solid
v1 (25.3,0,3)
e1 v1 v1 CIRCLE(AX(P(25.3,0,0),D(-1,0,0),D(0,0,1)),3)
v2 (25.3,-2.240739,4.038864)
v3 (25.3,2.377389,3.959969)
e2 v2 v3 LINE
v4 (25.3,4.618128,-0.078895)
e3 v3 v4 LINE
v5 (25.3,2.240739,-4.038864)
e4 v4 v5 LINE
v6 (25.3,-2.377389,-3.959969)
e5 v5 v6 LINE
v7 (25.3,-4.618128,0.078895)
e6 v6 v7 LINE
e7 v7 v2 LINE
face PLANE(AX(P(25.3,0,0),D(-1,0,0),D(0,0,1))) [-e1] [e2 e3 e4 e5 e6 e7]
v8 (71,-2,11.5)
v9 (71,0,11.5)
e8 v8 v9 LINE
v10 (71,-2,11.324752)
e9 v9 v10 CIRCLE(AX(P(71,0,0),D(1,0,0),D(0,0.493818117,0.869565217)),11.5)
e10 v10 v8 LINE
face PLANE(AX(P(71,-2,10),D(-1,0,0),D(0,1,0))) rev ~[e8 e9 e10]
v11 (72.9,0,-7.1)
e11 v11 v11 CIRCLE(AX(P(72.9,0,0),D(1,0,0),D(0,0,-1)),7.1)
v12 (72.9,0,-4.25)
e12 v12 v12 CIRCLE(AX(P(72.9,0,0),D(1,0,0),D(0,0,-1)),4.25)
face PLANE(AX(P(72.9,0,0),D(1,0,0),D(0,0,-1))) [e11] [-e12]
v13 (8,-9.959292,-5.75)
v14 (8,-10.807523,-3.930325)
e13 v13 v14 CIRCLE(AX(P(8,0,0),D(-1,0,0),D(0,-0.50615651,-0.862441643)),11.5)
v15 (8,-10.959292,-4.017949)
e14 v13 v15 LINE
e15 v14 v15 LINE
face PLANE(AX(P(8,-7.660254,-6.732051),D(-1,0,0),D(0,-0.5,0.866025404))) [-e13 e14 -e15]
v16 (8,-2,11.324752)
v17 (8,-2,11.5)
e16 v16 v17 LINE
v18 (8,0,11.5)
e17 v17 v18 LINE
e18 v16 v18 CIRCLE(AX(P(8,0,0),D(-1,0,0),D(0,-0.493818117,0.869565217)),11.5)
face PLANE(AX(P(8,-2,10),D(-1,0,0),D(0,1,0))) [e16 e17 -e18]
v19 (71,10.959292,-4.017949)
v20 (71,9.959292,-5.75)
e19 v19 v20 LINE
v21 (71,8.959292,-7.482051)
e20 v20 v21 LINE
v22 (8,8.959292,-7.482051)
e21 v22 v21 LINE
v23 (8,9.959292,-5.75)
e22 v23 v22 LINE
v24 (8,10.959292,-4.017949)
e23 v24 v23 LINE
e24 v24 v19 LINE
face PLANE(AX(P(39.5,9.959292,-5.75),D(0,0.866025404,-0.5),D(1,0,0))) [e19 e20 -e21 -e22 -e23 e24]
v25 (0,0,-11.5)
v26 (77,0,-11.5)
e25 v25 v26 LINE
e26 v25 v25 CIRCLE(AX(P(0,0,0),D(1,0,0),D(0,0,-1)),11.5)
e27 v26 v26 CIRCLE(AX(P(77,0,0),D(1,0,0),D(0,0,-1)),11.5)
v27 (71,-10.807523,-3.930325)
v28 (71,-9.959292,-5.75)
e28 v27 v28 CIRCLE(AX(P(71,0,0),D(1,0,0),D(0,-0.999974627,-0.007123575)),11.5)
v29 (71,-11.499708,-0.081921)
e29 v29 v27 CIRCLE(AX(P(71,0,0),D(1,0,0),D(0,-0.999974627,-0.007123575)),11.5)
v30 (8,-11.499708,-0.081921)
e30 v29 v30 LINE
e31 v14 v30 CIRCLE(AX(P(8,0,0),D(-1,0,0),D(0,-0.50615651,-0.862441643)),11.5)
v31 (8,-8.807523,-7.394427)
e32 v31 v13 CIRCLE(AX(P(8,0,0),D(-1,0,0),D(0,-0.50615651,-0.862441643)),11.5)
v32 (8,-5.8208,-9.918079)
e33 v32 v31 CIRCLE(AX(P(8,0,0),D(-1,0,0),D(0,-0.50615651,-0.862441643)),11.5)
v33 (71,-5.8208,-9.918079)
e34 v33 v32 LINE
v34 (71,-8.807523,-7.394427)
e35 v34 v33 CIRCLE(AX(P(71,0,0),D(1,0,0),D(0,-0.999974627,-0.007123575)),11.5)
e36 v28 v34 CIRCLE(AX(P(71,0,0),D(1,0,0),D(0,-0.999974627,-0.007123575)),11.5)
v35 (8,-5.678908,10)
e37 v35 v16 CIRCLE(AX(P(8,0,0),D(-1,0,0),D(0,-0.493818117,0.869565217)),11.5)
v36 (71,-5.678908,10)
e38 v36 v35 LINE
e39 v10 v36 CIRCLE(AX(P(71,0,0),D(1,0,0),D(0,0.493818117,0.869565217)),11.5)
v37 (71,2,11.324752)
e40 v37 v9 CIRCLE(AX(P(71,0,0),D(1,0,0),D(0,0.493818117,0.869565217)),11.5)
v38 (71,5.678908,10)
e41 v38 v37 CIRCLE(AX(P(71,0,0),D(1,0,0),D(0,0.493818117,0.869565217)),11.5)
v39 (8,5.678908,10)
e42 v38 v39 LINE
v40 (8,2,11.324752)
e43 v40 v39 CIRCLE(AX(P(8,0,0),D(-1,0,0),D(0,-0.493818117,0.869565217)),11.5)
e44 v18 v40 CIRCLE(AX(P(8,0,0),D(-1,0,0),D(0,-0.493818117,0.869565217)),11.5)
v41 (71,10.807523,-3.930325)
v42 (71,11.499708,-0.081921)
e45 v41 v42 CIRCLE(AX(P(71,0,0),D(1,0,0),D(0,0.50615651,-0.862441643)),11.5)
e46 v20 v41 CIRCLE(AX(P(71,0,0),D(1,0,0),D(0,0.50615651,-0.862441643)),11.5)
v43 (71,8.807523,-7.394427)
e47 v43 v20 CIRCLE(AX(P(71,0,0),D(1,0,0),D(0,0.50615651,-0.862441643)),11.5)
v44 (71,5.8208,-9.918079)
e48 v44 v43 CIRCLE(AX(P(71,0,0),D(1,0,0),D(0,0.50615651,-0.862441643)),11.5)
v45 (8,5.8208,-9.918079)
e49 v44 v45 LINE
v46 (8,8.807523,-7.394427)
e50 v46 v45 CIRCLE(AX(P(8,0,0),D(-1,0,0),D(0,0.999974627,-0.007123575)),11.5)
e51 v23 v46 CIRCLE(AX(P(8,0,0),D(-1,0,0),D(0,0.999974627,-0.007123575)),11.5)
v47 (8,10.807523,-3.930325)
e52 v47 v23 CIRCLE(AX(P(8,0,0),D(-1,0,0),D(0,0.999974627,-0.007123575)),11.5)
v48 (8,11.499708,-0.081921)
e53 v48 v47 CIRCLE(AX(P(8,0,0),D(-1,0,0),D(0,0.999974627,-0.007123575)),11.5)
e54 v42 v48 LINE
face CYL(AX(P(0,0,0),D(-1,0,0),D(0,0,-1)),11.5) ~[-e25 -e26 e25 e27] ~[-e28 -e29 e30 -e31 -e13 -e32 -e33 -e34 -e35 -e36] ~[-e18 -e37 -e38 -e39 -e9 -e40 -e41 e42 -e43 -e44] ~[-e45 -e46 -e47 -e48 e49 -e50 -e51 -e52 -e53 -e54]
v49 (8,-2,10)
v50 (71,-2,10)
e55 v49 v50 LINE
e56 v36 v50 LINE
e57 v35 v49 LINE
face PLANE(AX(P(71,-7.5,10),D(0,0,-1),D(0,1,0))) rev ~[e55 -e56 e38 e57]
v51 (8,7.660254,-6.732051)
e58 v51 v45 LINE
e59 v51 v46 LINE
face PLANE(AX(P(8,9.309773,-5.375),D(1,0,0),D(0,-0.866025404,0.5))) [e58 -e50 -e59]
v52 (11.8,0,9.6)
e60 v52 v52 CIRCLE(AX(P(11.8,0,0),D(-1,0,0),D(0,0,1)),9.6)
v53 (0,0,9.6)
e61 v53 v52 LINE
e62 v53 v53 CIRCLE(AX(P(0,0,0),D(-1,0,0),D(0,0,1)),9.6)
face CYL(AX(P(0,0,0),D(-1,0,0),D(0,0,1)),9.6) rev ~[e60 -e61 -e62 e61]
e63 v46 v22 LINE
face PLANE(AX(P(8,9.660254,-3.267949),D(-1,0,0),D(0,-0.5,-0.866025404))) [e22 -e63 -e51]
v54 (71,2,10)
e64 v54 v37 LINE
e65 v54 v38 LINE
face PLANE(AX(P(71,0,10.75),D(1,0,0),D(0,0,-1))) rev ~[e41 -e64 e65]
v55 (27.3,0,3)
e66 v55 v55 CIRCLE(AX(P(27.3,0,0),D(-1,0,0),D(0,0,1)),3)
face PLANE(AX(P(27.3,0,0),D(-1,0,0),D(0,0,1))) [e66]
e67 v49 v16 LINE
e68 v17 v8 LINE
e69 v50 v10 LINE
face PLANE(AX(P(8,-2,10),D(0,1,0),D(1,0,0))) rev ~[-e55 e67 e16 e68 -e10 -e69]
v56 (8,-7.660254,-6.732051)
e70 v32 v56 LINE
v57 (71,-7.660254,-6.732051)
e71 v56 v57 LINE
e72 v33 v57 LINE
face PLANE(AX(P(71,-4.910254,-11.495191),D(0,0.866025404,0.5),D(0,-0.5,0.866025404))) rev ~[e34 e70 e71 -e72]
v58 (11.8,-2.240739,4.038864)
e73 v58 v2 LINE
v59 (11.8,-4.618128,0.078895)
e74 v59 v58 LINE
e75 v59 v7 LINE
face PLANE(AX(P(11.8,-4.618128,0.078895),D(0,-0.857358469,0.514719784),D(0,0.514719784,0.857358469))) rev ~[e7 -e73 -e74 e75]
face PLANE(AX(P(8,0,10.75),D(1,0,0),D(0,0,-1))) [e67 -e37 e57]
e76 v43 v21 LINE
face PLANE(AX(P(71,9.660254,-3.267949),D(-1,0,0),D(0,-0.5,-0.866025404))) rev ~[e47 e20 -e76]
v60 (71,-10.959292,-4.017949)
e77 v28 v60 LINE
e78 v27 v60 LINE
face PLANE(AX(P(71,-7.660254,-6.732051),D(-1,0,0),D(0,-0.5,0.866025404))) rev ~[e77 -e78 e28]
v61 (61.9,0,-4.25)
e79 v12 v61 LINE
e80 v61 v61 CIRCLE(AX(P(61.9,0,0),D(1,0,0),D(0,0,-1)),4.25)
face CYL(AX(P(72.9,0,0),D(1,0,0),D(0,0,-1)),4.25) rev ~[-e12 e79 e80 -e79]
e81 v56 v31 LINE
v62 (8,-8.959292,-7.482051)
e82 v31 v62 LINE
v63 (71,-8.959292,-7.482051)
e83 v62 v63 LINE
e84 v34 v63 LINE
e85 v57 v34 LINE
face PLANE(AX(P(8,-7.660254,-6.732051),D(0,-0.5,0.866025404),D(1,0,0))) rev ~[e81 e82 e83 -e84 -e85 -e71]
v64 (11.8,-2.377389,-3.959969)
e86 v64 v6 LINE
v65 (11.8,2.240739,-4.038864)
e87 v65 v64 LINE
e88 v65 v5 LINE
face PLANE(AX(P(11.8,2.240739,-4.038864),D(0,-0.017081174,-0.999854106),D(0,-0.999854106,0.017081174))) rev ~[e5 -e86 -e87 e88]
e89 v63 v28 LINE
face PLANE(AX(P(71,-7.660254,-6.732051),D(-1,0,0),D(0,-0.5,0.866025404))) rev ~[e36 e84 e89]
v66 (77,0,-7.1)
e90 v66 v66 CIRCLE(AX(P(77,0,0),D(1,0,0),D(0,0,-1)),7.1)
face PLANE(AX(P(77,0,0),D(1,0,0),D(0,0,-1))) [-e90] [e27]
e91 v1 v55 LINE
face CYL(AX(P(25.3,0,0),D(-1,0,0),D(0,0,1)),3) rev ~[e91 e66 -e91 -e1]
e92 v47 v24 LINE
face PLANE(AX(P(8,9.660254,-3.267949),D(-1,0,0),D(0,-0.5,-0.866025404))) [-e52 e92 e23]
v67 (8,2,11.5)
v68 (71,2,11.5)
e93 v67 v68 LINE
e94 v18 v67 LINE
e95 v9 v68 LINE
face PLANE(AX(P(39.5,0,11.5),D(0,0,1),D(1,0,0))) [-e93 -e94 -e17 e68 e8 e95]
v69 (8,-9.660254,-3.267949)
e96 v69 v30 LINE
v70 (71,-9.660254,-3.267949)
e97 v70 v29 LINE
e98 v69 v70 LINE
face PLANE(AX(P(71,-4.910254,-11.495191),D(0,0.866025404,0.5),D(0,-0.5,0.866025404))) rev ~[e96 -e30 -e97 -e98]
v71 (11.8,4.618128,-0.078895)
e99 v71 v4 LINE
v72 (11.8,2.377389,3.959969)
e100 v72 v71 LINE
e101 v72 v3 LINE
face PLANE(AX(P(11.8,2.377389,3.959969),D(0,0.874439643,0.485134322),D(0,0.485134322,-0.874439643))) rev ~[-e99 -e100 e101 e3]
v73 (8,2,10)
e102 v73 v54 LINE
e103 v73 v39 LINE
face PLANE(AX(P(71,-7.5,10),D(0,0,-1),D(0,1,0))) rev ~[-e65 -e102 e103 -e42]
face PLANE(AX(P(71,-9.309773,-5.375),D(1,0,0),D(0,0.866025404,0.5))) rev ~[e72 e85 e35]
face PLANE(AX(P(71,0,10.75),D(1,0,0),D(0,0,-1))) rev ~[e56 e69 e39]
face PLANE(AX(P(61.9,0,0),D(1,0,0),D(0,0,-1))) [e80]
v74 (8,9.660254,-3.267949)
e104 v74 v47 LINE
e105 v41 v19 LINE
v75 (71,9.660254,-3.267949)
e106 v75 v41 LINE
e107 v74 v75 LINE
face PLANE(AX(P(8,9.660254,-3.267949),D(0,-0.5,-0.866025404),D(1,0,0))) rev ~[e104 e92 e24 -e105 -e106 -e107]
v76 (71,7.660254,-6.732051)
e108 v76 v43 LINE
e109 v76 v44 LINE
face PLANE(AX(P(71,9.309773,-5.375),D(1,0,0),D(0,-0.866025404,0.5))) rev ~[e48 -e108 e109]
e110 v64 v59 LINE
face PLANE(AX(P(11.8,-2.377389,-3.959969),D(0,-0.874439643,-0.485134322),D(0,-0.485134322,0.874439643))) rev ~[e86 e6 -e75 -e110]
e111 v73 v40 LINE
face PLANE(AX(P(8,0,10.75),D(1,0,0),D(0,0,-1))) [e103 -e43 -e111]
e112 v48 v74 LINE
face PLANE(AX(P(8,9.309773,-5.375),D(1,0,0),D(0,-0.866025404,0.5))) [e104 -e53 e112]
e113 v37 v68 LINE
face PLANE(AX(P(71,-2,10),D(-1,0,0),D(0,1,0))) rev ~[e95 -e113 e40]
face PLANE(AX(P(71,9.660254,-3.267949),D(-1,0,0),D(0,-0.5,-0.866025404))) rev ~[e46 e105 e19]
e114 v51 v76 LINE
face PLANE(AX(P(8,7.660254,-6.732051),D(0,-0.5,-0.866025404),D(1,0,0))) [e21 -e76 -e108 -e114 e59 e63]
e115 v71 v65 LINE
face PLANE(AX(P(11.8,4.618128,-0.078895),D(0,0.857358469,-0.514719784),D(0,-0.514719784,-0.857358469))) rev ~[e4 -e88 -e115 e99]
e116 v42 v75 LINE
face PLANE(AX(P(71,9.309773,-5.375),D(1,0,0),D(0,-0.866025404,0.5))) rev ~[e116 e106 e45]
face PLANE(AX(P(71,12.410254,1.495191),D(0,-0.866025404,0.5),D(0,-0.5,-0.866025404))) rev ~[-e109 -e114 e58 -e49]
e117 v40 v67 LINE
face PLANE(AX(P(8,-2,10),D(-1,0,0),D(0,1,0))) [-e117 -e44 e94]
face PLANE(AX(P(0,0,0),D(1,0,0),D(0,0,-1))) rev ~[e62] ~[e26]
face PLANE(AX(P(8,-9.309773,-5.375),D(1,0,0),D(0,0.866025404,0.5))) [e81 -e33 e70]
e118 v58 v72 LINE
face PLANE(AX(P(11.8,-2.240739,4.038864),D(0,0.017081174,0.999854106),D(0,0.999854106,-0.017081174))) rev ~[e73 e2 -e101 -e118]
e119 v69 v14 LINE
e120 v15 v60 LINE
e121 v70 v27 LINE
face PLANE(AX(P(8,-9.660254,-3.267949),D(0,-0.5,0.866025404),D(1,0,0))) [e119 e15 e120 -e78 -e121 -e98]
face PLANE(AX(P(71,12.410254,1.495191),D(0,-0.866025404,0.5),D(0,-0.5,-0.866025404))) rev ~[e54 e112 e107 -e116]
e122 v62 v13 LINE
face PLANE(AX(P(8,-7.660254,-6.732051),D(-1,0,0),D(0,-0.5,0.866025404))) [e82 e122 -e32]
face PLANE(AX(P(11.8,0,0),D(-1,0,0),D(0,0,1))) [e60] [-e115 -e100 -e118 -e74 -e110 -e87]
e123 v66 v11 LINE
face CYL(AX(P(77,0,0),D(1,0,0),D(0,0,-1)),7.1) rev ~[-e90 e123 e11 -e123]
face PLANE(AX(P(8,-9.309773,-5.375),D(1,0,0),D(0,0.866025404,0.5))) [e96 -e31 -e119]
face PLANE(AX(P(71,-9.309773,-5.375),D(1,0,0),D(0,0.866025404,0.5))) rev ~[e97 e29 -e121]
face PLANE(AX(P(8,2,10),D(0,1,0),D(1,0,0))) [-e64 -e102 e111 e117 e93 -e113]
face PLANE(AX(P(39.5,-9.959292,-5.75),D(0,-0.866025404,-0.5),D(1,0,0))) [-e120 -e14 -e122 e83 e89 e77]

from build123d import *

# Parameters (mm, degrees)
SKIZZE1_R                       = 11.5
AUFSATZ_LINEAR_AUSTRAGEN1_DEPTH = 77
SKIZZE2_R                       = 7.1
SCHNITT_LINEAR_AUSTRAGEN1_DEPTH = 4.1
SKIZZE3_R                       = 4.25
SCHNITT_LINEAR_AUSTRAGEN2_DEPTH = 11
SKIZZE4_R                       = 9.6
SCHNITT_LINEAR_AUSTRAGEN3_DEPTH = 11.8
SCHNITT_LINEAR_START            = -6
SKIZZE7_W                       = 1.5
SKIZZE7_H                       = 15
SCHNITT_LINEAR_AUSTRAGEN4_DEPTH = 63
SKIZZE8_W                       = 63
SKIZZE8_H                       = 4
AUFSATZ_LINEAR_AUSTRAGEN2_DEPTH = 1.5
SCHNITT_LINEAR_AUSTRAGEN6_DEPTH = 13.5
SKIZZE12_R                      = 3
SCHNITT_LINEAR_AUSTRAGEN7_DEPTH = 2
KREISMUSTER3_COUNT              = 3


with BuildPart() as part:
    # Skizze1 → Aufsatz-Linear austragen1 (new body)
    with BuildSketch(Plane(origin=(0, 0, 0), x_dir=(0, 0, -1), z_dir=(1, 0, 0))):
        Circle(SKIZZE1_R)
    extrude(amount=AUFSATZ_LINEAR_AUSTRAGEN1_DEPTH)

    # Skizze2 → Schnitt-Linear austragen1 (cut)
    with BuildSketch(Plane(origin=(77, 0, 0), x_dir=(0, 0, -1), z_dir=(1, 0, 0))):
        Circle(SKIZZE2_R)
    extrude(amount=-SCHNITT_LINEAR_AUSTRAGEN1_DEPTH, mode=Mode.SUBTRACT)

    # Skizze3 → Schnitt-Linear austragen2 (cut)
    with BuildSketch(Plane(origin=(72.9, 0, 0), x_dir=(0, 0, -1), z_dir=(1, 0, 0))):
        Circle(SKIZZE3_R)
    extrude(amount=-SCHNITT_LINEAR_AUSTRAGEN2_DEPTH, mode=Mode.SUBTRACT)

    # Skizze4 → Schnitt-Linear austragen3 (cut)
    with BuildSketch(Plane.ZY):
        Circle(SKIZZE4_R)
    extrude(amount=-SCHNITT_LINEAR_AUSTRAGEN3_DEPTH, mode=Mode.SUBTRACT)

    # Skizze7 → Schnitt-Linear austragen4 (cut)
    with BuildSketch(Plane(origin=(77, 0, 0), x_dir=(0, 0, -1), z_dir=(1, 0, 0)).offset(SCHNITT_LINEAR_START)):
        with Locations((-10.75, 0)):
            Rectangle(SKIZZE7_W, SKIZZE7_H)
    schnitt_linear_austragen4 = extrude(amount=-SCHNITT_LINEAR_AUSTRAGEN4_DEPTH, mode=Mode.SUBTRACT)

    # Skizze8 → Aufsatz-Linear austragen2 (add)
    with BuildSketch(Plane.XY.offset(10)):
        with Locations((39.5, 0)):
            Rectangle(SKIZZE8_W, SKIZZE8_H)
    aufsatz_linear_austragen2 = extrude(amount=AUFSATZ_LINEAR_AUSTRAGEN2_DEPTH)

    # Skizze10 → Schnitt-Linear austragen6 (cut)
    with BuildSketch(Plane.ZY.offset(-11.8)):
        Polygon((4.038863706, -2.240739453), (3.959969143, 2.377388845), (-0.078894563, 4.618128298), (-4.038863706, 2.240739453), (-3.959969143, -2.377388845), (0.078894563, -4.618128298), align=None)
    extrude(amount=-SCHNITT_LINEAR_AUSTRAGEN6_DEPTH, mode=Mode.SUBTRACT)

    # Skizze12 → Schnitt-Linear austragen7 (cut)
    with BuildSketch(Plane.ZY.offset(-25.3)):
        Circle(SKIZZE12_R)
    extrude(amount=-SCHNITT_LINEAR_AUSTRAGEN7_DEPTH, mode=Mode.SUBTRACT)

    # Kreismuster3: Schnitt-Linear austragen4, Aufsatz-Linear austragen2 ×3 about axis
    kreismuster3_axis = Axis((0, 0, 0), (1, 0, 0))
    add([schnitt_linear_austragen4.rotate(kreismuster3_axis, i * 360 / KREISMUSTER3_COUNT) for i in range(1, KREISMUSTER3_COUNT)], mode=Mode.SUBTRACT)
    add([aufsatz_linear_austragen2.rotate(kreismuster3_axis, i * 360 / KREISMUSTER3_COUNT) for i in range(1, KREISMUSTER3_COUNT)])


solid = part.part
